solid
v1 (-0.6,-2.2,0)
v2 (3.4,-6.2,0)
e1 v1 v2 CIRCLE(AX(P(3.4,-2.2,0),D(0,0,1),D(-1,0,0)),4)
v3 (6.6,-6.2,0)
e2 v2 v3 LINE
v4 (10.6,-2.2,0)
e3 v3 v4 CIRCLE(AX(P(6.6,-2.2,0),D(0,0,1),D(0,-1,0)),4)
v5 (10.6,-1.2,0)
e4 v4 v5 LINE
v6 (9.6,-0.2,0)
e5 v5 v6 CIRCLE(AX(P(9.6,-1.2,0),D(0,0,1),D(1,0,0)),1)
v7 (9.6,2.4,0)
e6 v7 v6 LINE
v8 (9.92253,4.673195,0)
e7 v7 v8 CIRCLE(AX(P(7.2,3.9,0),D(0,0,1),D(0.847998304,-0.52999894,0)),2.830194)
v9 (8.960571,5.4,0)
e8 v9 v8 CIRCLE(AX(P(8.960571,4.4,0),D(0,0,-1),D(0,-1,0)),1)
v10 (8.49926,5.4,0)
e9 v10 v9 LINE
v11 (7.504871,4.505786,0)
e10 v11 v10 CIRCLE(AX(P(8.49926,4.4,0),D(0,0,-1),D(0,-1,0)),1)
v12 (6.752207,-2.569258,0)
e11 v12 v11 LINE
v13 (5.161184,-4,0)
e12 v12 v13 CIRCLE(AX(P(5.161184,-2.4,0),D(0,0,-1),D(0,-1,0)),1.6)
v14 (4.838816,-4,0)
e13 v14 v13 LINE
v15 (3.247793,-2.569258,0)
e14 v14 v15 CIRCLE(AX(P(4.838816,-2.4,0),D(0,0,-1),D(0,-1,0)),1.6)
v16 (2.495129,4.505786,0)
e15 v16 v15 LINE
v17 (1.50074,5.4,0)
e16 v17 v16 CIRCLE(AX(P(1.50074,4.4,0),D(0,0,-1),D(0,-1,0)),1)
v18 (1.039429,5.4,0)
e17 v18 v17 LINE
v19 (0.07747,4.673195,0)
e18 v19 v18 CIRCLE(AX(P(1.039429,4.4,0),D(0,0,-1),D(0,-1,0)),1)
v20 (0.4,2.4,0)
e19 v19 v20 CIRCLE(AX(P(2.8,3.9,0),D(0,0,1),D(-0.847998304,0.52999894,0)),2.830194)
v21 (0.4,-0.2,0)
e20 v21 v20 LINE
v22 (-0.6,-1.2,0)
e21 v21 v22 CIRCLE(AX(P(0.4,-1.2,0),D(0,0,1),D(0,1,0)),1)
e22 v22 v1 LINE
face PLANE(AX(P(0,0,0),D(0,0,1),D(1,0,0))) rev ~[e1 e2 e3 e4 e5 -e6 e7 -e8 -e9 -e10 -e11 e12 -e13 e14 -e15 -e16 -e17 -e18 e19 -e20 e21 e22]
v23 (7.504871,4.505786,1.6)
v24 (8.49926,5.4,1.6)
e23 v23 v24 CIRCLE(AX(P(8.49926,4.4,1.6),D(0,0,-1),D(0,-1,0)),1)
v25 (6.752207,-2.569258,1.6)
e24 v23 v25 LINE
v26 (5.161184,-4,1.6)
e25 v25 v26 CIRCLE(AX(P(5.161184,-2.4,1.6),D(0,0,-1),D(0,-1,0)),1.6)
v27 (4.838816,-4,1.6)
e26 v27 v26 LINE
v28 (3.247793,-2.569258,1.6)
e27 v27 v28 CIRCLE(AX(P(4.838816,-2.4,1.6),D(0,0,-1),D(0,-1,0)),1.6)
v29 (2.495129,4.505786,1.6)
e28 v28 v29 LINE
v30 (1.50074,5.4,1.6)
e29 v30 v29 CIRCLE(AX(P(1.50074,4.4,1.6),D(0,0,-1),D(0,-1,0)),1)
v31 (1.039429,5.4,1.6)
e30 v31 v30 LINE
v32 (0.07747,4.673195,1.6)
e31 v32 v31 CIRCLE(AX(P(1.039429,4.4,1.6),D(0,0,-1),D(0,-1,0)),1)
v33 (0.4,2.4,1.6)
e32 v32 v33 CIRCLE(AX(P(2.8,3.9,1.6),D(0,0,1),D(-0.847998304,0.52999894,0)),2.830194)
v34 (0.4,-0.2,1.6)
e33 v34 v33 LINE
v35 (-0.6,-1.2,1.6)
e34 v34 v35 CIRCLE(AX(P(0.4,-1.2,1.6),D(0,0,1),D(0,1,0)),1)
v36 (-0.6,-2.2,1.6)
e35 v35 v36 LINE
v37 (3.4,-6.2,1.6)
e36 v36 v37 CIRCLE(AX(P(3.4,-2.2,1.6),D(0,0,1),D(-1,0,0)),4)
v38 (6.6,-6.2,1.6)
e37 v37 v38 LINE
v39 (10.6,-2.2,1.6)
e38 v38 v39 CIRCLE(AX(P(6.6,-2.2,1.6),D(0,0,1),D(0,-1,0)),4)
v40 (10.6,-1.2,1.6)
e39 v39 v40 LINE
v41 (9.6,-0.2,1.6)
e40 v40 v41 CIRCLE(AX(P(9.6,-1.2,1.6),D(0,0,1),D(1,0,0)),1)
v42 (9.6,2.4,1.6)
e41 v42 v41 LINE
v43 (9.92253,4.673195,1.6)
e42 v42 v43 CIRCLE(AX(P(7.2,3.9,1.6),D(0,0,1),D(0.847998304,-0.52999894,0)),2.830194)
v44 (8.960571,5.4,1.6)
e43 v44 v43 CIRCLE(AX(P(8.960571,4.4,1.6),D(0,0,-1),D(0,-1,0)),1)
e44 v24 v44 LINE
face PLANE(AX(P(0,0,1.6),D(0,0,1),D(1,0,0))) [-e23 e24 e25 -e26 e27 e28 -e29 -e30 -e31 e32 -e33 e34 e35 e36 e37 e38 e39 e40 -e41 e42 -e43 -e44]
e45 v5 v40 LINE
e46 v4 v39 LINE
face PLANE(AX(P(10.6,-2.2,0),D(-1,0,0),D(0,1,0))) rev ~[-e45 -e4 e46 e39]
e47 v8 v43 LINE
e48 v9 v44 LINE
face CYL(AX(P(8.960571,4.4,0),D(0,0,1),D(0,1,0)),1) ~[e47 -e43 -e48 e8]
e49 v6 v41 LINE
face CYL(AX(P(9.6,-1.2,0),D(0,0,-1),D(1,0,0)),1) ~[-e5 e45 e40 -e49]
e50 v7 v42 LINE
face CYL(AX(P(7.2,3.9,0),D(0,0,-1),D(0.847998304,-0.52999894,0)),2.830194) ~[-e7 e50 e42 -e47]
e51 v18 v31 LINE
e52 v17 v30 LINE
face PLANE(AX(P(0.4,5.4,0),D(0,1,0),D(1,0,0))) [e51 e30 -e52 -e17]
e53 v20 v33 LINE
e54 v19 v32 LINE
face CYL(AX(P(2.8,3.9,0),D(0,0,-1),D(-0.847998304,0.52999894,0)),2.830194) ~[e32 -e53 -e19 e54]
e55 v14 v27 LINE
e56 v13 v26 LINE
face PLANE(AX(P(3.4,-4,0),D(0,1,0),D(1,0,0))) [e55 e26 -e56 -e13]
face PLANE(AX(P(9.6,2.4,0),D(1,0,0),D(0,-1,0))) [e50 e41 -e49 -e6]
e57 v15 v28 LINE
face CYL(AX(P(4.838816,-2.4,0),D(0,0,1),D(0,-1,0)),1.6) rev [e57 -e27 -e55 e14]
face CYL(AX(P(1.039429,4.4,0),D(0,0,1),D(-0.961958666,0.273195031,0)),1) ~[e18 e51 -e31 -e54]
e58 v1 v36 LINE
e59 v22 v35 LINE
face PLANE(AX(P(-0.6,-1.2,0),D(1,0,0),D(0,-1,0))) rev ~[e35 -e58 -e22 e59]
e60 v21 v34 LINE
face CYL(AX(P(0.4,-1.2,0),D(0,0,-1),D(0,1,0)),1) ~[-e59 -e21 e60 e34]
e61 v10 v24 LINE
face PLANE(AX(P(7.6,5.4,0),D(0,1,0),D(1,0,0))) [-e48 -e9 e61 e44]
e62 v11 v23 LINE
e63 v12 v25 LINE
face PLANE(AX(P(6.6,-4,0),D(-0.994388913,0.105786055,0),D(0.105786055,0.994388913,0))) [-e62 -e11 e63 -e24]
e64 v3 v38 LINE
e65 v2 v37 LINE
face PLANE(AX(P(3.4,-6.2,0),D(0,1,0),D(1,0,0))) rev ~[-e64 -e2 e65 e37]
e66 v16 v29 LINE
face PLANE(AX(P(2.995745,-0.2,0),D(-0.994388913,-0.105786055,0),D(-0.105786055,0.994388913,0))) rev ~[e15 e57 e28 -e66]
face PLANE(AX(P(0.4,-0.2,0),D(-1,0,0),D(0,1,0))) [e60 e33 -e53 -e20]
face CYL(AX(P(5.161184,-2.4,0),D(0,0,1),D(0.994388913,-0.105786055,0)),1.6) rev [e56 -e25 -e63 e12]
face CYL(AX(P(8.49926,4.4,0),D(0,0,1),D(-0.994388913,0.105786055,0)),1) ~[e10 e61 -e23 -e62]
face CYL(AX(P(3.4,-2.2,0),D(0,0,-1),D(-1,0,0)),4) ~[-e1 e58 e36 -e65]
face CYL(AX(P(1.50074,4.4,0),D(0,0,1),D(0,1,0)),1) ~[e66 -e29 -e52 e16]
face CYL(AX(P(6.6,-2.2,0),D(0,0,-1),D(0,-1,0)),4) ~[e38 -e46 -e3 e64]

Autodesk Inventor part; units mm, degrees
ref_plane "YZ Plane" through (0, 0, 0) normal (1, 0, 0) x (0, 1, 0)
ref_plane "XZ Plane" through (0, 0, 0) normal (0, 1, 0) x (-1, 0, 0)
sketch "clip_sketch" plane through (0, 0, 0) normal (0, 0, 1) x (1, 0, 0)
  line L0 (0.2, -0.2) -> (9.8, -0.2) projected
  line L1 (9.8, -0.2) -> (9.8, 2.4) projected
  line L2 (0.2, 2.4) -> (9.8, 2.4) projected
  line L3 (0.2, -0.2) -> (0.2, 2.4) projected
  line L4 (0.4, -0.2) -> (0.4, 2.4)
  line L5 (9.6, 2.4) -> (9.6, -0.2)
  line L6 (0.4, -0.2) -> (0.4, -0.2)
  line L7 (-0.6, -1.2) -> (-0.6, -2.2)
  line L8 (3.4, -6.2) -> (6.6, -6.2)
  line L9 (10.6, -2.2) -> (10.6, -1.2)
  line L10 (9.6, -0.2) -> (9.6, -0.2)
  line L11 (0.4, 2.4) -> (0.4, 5.4)
  line L12 (0.4, 5.4) -> (9.6, 5.4)
  line L13 (9.6, 5.4) -> (9.6, 2.4)
  line L14 (3.4, -4) -> (2.4, 5.4)
  line L15 (6.6, -4) -> (7.6, 5.4)
  arc A0 (0.4, 5.4) -> (0.4, 2.4) centre (2.8, 3.9) ccw
  arc A1 (9.6, 2.4) -> (9.6, 5.4) centre (7.2, 3.9) ccw
  line L16 (5, 2.4) -> (5, -0.2) construction
  arc A2 (0.4, -0.2) -> (-0.6, -1.2) centre (0.4, -1.2) ccw
  arc A3 (10.6, -1.2) -> (9.6, -0.2) centre (9.6, -1.2) ccw
  arc A4 (-0.6, -2.2) -> (3.4, -6.2) centre (3.4, -2.2) ccw
  arc A5 (6.6, -6.2) -> (10.6, -2.2) centre (6.6, -2.2) ccw
  line L17 (3.4, -4) -> (6.6, -4)
  point P0 (0, 0)
  point P1 (-0.6, -0.2)
  dimension "d31" = 0.2
  dimension "d32" = 0.2
  dimension "d33" = 1
  dimension "d34" = 1
  dimension "d35" = 6
  dimension "d36" = 2
  dimension "d37" = 2
  dimension "d39" = 4.4
  dimension "d40" = 4.4
  dimension "d41" = 3
  dimension "d42" = 1
  dimension "d43" = 4
  dimension "d44" = 2.2
  dimension "d45" = 1
ref_plane "Work Plane1" through (0.2, -0.2, 2) normal (0, 0, -1) x (0, 1, 0)
extrude "clip" add sketch "clip_sketch" along normal blind 1.6 contours L4 L2 L14 L0 | L0 L14 L17 L15 A3 L9 A5 L8 A4 L7 A2 | L11 L12 L14 L2 | A0 L11 | L15 L2 L5 L0 | L15 L12 L13 L2 | L13 A1
fillet "teeth" radius 1 4 edges at (2.4, 5.4, 0.8) (7.6, 5.4, 0.8) (0.4, 5.4, 0.8) (9.6, 5.4, 0.8)
fillet "inside" radius 1.6 2 edges at (3.4, -4, 0.8) (6.6, -4, 0.8)
properties part number "fastener_lock" material "ABS Plastic"
